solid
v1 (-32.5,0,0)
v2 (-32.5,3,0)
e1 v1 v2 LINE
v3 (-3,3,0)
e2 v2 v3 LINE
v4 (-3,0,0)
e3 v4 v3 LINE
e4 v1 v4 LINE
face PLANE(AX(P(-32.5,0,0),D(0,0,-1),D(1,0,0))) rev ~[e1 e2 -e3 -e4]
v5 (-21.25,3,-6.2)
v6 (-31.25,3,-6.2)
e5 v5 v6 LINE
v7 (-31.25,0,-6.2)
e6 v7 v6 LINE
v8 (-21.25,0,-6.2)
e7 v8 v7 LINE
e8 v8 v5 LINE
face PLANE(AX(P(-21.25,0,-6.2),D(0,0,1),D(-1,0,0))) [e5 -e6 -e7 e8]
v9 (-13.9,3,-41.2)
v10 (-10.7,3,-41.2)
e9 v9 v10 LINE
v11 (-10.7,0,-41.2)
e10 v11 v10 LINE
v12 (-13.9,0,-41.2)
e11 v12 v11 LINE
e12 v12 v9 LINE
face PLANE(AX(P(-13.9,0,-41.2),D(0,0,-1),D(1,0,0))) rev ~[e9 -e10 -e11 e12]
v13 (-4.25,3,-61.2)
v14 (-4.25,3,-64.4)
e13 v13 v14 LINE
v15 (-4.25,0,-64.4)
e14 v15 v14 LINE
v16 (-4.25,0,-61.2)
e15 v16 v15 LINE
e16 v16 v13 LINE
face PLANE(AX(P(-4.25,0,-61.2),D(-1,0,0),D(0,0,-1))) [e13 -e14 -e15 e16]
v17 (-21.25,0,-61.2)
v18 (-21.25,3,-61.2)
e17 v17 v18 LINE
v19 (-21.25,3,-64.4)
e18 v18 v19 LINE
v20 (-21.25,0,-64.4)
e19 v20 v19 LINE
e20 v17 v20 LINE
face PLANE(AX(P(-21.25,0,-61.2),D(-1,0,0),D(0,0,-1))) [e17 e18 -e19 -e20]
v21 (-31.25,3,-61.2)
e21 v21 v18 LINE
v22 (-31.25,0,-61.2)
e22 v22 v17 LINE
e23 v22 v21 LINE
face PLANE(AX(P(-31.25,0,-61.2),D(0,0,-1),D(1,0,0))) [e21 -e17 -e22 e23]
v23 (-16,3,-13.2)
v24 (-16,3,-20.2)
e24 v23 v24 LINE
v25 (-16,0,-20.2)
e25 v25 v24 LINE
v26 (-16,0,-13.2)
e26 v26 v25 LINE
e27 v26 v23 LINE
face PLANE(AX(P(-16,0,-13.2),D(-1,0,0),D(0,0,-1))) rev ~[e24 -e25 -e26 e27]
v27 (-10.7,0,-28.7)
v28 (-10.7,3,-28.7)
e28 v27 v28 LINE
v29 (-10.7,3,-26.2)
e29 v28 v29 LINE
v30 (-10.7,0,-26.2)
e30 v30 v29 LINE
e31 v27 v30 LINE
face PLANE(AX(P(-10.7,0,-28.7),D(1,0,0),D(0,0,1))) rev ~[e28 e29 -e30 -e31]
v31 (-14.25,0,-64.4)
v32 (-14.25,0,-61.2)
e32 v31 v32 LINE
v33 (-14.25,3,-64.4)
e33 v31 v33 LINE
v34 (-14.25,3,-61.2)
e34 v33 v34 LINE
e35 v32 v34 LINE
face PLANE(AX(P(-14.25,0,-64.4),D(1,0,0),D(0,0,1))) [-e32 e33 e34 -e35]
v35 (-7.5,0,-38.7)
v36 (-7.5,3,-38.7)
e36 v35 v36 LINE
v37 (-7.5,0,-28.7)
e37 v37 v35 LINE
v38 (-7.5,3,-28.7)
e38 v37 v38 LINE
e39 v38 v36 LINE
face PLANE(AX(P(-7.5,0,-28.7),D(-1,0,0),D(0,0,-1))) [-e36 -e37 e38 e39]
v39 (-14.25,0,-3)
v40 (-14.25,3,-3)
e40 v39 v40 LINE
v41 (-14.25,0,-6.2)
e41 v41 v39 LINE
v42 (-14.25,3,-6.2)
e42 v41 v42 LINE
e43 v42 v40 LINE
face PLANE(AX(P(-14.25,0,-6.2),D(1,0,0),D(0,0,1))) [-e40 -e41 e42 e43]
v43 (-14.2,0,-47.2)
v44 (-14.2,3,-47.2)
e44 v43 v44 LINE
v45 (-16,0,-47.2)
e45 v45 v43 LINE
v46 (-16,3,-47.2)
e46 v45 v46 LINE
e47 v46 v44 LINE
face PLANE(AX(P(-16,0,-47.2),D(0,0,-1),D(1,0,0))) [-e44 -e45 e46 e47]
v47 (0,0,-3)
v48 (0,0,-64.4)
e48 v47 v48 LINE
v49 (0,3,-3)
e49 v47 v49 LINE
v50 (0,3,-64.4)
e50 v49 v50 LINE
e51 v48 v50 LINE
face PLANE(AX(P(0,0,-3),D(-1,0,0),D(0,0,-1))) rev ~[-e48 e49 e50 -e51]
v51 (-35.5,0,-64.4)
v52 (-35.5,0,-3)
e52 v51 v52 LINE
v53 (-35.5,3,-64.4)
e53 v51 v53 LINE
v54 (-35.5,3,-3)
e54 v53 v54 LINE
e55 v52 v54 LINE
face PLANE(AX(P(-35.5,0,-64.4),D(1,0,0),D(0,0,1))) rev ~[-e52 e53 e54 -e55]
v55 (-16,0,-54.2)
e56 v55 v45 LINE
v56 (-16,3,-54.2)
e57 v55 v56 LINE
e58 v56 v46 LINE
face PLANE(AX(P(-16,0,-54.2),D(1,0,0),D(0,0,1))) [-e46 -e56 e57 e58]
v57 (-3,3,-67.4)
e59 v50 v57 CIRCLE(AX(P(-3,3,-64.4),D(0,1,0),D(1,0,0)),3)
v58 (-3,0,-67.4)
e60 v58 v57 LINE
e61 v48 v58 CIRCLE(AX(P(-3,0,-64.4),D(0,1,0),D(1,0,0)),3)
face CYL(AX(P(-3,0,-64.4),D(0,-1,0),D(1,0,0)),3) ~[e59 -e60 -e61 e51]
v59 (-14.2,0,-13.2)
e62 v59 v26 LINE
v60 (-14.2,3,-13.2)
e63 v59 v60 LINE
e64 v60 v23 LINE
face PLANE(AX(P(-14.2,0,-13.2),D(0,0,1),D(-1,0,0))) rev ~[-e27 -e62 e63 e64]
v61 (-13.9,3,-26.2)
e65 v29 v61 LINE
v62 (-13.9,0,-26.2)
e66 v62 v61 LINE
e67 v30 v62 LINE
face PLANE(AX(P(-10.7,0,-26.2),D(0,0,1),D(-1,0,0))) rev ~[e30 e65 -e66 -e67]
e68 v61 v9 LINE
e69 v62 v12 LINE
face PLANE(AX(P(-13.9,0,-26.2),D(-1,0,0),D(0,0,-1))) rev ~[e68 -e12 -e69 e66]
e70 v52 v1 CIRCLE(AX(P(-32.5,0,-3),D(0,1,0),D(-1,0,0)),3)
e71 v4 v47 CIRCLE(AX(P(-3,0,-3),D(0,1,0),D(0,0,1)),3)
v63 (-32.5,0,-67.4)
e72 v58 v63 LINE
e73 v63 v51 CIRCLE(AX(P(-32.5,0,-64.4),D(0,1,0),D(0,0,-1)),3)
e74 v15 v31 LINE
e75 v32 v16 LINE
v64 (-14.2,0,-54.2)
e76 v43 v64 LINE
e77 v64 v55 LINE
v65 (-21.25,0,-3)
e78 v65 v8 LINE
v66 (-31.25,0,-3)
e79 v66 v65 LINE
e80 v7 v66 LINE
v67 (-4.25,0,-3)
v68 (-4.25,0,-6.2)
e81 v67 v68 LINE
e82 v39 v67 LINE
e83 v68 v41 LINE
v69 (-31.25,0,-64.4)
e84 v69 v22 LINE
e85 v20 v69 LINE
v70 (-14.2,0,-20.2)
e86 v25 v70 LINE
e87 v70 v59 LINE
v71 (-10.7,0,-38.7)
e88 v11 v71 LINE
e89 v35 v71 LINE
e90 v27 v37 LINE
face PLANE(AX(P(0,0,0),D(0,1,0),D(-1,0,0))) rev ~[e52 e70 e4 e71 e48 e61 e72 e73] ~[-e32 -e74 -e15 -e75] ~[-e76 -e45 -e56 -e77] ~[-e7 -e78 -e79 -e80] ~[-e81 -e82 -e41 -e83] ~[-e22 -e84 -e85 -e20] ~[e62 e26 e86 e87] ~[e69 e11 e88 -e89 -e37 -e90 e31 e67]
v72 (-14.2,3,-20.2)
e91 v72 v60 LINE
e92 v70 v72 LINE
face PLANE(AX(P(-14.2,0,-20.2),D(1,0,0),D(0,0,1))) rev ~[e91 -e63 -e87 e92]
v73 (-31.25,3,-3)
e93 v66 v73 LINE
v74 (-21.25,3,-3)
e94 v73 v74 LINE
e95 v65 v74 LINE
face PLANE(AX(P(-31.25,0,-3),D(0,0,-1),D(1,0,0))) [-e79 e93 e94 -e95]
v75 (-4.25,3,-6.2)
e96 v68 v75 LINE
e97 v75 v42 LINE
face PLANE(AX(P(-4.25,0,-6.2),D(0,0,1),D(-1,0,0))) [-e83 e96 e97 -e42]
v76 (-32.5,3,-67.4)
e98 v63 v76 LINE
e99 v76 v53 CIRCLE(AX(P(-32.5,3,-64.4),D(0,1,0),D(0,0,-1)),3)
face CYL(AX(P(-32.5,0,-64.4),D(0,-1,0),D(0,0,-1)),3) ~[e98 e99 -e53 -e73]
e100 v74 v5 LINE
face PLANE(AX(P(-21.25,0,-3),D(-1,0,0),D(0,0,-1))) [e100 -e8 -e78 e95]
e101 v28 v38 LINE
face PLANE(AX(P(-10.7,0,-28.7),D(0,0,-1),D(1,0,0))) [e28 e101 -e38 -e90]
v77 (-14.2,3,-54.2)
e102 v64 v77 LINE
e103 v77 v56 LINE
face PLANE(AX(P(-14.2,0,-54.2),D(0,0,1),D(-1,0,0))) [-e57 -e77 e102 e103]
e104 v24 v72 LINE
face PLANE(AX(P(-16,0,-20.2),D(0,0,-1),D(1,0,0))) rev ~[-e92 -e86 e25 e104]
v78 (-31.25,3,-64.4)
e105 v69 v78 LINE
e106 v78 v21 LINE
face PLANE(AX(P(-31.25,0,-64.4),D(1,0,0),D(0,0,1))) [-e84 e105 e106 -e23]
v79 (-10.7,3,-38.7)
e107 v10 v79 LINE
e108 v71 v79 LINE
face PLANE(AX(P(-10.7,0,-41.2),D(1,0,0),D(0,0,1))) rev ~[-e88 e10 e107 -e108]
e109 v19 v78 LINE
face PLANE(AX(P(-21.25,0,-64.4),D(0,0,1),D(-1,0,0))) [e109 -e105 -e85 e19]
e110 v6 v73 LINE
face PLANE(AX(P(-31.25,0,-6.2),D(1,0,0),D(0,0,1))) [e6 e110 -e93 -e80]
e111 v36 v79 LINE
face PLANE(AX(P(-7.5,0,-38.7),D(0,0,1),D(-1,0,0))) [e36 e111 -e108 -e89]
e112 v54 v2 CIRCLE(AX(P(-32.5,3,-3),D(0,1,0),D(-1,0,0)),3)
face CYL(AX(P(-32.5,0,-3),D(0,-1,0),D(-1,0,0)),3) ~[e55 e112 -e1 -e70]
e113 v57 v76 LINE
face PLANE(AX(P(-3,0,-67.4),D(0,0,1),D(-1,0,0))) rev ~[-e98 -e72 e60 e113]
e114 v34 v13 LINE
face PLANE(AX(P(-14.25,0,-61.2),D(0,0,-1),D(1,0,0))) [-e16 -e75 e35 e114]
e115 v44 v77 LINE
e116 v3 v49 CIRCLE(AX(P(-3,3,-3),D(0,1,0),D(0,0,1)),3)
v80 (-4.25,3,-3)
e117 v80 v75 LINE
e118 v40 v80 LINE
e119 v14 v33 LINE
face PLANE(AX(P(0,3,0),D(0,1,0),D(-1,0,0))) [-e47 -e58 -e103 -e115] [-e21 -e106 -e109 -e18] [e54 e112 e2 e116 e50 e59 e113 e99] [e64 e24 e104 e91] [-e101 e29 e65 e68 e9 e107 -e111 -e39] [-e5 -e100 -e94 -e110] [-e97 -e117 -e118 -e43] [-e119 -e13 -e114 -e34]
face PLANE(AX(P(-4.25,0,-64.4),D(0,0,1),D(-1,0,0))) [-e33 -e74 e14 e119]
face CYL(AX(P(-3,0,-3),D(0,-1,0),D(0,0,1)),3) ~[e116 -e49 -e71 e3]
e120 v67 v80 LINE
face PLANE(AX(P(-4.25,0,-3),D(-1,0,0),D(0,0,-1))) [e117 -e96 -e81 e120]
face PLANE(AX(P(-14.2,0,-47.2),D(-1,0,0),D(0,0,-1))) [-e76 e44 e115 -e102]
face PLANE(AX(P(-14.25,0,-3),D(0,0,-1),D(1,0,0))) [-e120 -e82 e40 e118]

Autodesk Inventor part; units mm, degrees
ref_plane "YZ Plane" through (0, 0, 0) normal (1, 0, 0) x (0, 1, 0)
ref_plane "XZ Plane" through (0, 0, 0) normal (0, 1, 0) x (-1, 0, 0)
ref_plane "XY Plane" through (0, 0, 0) normal (0, 0, 1) x (1, 0, 0)
sketch "Sketch1" plane through (0, 0, 0) normal (0, 1, 0) x (-1, 0, 0)
  line L0 (17.75, -20.2435) -> (17.75, -42.6397) construction
  line L1 (13.2323, -33.7) -> (6.4845, -33.7) construction
  line L2 (35.5, -64.4) -> (35.5, -3)
  line L3 (0, -3) -> (0, -64.4)
  line L4 (32.5, 0) -> (3, 0)
  line L5 (3, -67.4) -> (32.5, -67.4)
  line L6 (16, -20.2) -> (14.2, -20.2)
  line L7 (14.2, -20.2) -> (14.2, -13.2)
  line L8 (14.2, -13.2) -> (16, -13.2)
  line L9 (16, -13.2) -> (16, -20.2)
  line L10 (31.25, -3) -> (21.25, -3)
  line L11 (21.25, -3) -> (21.25, -6.2)
  line L12 (21.25, -6.2) -> (31.25, -6.2)
  line L13 (31.25, -6.2) -> (31.25, -3)
  line L14 (14.25, -3) -> (4.25, -3)
  line L15 (4.25, -3) -> (4.25, -6.2)
  line L16 (4.25, -6.2) -> (14.25, -6.2)
  line L17 (14.25, -6.2) -> (14.25, -3)
  line L18 (31.25, -61.2) -> (21.25, -61.2)
  line L19 (21.25, -61.2) -> (21.25, -64.4)
  line L20 (21.25, -64.4) -> (31.25, -64.4)
  line L21 (31.25, -64.4) -> (31.25, -61.2)
  line L22 (14.25, -61.2) -> (4.25, -61.2)
  line L23 (4.25, -61.2) -> (4.25, -64.4)
  line L24 (4.25, -64.4) -> (14.25, -64.4)
  line L25 (14.25, -64.4) -> (14.25, -61.2)
  line L26 (10.7, -28.7) -> (7.5, -28.7)
  line L27 (7.5, -28.7) -> (7.5, -38.7)
  line L28 (7.5, -38.7) -> (10.7, -38.7)
  line L29 (10.7, -28.7) -> (10.7, -26.2)
  line L30 (10.7, -26.2) -> (13.9, -26.2)
  line L31 (13.9, -26.2) -> (13.9, -41.2)
  line L32 (13.9, -41.2) -> (10.7, -41.2)
  line L33 (10.7, -41.2) -> (10.7, -38.7)
  arc A0 (35.5, -3) -> (32.5, 0) centre (32.5, -3) ccw
  arc A1 (32.5, -67.4) -> (35.5, -64.4) centre (32.5, -64.4) ccw
  arc A2 (0, -64.4) -> (3, -67.4) centre (3, -64.4) ccw
  arc A3 (3, 0) -> (0, -3) centre (3, -3) ccw
  line L34 (16, -47.2) -> (14.2, -47.2)
  line L35 (14.2, -47.2) -> (14.2, -54.2)
  line L36 (14.2, -54.2) -> (16, -54.2)
  line L37 (16, -54.2) -> (16, -47.2)
  point P0 (0, 0)
  dimension "d22" = 7
  dimension "d24" = 1.8
  dimension "d27" = 10
  dimension "d28" = 3.2
  dimension "d30" = 3
  dimension "d31" = 7
  dimension "d33" = 10
  dimension "d34" = 15
  dimension "d35" = 6
  dimension "d39" = 7
  dimension "d52" = 35.5
  dimension "d53" = 4.25
  dimension "d54" = 7.5
  dimension "d55" = 3.5
  dimension "d56" = 55
extrude "Extrusion1" add sketch "Sketch1" along normal blind 3
properties part number "Front_wall"
